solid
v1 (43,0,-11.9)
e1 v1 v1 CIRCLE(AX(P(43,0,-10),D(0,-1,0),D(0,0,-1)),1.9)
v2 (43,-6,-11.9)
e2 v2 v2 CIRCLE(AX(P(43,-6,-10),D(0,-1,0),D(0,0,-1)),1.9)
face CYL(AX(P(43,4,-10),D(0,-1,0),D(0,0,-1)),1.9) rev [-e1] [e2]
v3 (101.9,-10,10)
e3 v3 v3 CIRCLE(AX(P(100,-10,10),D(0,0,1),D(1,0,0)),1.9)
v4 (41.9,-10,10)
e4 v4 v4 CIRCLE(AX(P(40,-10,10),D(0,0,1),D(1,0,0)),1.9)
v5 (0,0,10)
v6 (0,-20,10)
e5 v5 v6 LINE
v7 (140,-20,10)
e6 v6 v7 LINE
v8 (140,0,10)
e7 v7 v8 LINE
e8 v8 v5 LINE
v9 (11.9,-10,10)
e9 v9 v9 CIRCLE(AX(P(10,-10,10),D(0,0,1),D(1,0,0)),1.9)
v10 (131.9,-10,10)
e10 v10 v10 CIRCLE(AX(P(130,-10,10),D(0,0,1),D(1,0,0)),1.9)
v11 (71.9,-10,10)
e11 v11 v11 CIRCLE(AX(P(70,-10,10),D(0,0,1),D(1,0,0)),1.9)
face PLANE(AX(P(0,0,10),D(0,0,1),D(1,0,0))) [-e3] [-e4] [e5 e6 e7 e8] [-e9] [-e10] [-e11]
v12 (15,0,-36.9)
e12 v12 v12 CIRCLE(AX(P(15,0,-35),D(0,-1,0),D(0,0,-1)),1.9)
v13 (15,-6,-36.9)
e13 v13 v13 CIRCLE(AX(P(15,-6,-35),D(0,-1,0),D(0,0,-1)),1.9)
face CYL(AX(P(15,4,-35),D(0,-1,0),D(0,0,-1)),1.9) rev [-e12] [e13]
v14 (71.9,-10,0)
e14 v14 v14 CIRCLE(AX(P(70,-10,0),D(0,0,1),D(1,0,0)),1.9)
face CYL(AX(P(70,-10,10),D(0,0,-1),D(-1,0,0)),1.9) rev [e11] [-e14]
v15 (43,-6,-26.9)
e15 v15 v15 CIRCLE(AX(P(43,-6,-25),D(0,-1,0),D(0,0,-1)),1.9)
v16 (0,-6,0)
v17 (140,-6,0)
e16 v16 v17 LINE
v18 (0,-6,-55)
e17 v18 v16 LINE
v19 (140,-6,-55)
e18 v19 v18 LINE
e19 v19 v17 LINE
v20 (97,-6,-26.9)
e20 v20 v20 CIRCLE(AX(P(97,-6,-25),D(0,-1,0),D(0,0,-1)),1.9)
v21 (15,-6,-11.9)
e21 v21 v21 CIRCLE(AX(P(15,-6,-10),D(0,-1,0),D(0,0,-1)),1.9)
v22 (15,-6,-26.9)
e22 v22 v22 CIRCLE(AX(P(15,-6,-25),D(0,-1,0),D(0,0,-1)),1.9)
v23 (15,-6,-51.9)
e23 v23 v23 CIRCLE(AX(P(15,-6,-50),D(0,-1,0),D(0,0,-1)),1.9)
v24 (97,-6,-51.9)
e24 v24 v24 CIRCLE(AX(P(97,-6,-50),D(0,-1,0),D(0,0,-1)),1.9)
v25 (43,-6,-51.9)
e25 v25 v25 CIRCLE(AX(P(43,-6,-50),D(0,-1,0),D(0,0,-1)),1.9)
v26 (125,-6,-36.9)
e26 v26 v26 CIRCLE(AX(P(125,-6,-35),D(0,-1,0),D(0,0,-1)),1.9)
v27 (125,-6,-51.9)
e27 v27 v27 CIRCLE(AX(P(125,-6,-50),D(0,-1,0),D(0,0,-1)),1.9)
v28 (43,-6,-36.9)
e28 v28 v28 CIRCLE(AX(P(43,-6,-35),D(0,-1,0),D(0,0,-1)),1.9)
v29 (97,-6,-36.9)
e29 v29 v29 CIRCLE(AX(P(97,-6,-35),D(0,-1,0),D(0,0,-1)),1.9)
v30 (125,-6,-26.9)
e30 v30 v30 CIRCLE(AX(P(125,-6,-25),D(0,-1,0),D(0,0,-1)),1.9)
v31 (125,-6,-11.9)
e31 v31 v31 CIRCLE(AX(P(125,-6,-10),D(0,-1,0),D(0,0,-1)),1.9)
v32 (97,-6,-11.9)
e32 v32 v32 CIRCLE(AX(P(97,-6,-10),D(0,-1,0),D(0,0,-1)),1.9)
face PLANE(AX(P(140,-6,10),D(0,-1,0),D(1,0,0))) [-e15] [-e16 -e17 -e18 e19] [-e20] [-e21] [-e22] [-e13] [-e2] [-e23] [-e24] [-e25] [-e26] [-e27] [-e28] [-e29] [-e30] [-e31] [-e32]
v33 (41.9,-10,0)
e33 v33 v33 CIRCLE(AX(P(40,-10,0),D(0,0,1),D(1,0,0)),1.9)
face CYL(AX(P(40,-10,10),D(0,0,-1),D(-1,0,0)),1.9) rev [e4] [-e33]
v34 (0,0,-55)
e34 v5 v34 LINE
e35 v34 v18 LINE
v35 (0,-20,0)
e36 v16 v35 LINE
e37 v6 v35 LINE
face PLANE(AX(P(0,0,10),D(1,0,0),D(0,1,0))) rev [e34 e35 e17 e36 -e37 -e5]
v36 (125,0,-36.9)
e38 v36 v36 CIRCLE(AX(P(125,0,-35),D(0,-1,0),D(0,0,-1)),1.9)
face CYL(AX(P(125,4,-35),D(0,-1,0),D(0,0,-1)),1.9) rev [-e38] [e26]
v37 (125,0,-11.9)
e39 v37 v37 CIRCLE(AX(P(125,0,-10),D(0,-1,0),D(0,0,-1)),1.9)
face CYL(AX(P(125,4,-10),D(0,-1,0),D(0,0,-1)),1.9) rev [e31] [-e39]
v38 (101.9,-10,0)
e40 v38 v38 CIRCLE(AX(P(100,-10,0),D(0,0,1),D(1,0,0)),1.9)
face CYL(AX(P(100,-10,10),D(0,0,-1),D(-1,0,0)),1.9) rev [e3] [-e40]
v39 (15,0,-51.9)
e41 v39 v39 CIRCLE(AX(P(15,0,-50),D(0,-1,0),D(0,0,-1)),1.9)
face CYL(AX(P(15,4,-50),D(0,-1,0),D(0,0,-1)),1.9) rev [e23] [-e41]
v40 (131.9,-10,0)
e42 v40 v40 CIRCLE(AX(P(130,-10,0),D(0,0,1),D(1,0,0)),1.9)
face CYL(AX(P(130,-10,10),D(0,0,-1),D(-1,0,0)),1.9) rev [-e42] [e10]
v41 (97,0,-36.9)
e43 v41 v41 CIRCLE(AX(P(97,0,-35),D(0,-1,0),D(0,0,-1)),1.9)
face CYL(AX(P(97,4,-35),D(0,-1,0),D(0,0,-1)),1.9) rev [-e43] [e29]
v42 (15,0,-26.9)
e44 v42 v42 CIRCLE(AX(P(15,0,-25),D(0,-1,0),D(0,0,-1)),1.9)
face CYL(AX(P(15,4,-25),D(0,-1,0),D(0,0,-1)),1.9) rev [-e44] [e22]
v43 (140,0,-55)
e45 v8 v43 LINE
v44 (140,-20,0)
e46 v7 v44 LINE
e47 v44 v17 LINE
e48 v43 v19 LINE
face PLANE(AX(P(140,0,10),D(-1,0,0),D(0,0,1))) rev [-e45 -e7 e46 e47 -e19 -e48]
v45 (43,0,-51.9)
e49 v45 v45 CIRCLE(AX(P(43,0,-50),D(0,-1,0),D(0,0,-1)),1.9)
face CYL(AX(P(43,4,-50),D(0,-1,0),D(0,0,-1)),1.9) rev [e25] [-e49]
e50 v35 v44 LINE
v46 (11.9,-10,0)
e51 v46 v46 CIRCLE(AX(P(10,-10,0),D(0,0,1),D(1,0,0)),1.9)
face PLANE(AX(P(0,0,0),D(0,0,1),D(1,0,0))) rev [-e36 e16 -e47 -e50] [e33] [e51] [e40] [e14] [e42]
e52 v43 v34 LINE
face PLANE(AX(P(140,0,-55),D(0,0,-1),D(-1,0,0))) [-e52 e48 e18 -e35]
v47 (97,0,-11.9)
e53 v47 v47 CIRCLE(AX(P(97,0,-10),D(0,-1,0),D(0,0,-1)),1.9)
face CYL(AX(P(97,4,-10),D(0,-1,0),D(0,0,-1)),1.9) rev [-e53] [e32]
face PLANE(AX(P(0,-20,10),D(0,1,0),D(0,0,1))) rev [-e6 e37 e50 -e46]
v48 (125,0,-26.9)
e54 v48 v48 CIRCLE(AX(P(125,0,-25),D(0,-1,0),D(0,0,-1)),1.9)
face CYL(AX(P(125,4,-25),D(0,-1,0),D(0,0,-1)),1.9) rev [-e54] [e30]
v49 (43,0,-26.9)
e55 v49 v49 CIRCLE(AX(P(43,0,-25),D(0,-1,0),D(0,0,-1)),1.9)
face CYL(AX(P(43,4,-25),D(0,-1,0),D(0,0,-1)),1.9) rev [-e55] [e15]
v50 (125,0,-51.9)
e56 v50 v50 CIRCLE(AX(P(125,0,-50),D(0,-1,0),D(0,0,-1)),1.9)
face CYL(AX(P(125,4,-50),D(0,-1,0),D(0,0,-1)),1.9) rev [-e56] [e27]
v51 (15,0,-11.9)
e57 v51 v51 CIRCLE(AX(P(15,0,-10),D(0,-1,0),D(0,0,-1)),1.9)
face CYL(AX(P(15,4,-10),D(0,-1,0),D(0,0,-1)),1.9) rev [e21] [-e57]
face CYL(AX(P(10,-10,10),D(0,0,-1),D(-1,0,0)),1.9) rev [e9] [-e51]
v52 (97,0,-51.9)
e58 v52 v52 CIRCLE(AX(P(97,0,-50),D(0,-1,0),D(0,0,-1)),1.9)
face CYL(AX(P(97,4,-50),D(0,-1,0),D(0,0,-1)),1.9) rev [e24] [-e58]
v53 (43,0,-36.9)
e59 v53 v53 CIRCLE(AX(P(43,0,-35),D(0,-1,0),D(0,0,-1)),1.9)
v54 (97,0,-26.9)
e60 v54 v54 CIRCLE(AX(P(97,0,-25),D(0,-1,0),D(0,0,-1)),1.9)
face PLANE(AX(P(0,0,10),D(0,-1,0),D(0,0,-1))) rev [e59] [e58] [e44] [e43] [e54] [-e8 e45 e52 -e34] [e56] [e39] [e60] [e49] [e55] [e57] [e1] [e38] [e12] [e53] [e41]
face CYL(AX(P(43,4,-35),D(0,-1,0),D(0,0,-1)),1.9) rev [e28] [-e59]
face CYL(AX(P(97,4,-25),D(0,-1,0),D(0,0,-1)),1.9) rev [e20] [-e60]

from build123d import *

# Parameters (mm, degrees)
SKETCH_1_W          = 140
SKETCH_1_H          = 20
SKETCH_1_R          = 1.9
EXTRUDE_1_DEPTH     = 10
SKETCH_2_W          = 65
SKETCH_2_H          = 6
EXTRUDE_2_DEPTH     = 140
SKETCH_3_R          = 1.9
CUT_EXTRUDE_1_DEPTH = 10


with BuildPart() as part:
    # 草图1 → 凸台-拉伸1 (new body)
    with BuildSketch(Plane.XY):
        with Locations((70, -10)):
            Rectangle(SKETCH_1_W, SKETCH_1_H)
        with Locations((10, -10)):
            Circle(SKETCH_1_R, mode=Mode.SUBTRACT)
        with Locations((40, -10)):
            Circle(SKETCH_1_R, mode=Mode.SUBTRACT)
        with Locations((70, -10)):
            Circle(SKETCH_1_R, mode=Mode.SUBTRACT)
        with Locations((100, -10)):
            Circle(SKETCH_1_R, mode=Mode.SUBTRACT)
        with Locations((130, -10)):
            Circle(SKETCH_1_R, mode=Mode.SUBTRACT)
    extrude(amount=EXTRUDE_1_DEPTH)

    # 草图2 → 凸台-拉伸2 (add, through all)
    with BuildSketch(Plane.ZY):
        with Locations((-22.5, -3)):
            Rectangle(SKETCH_2_W, SKETCH_2_H)
    extrude(amount=-EXTRUDE_2_DEPTH)

    # 草图3 → 切除-拉伸1 (cut)
    with BuildSketch(Plane.XZ.offset(6)):
        with BuildLine():
            ThreePointArc((44.9, -35), (43, -33.1), (41.1, -35))
            Line((41.1, -35), (43, -35))
            Line((43, -35), (43, -36.9))
            ThreePointArc((43, -36.9), (44.343502884, -36.343502884), (44.9, -35))
        make_face()
        with BuildLine():
            Line((43, -35), (41.1, -35))
            ThreePointArc((41.1, -35), (41.656497116, -36.343502884), (43, -36.9))
            Line((43, -36.9), (43, -35))
        make_face()
        with BuildLine():
            ThreePointArc((44.9, -50), (44.343502884, -48.656497116), (43, -48.1))
            Line((43, -48.1), (43, -50))
            Line((43, -50), (41.1, -50))
            ThreePointArc((41.1, -50), (43, -51.9), (44.9, -50))
        make_face()
        with BuildLine():
            Line((43, -50), (43, -48.1))
            ThreePointArc((43, -48.1), (41.656497116, -48.656497116), (41.1, -50))
            Line((41.1, -50), (43, -50))
        make_face()
        with BuildLine():
            ThreePointArc((16.9, -50), (16.343502884, -48.656497116), (15, -48.1))
            Line((15, -48.1), (15, -50))
            Line((15, -50), (16.9, -50))
        make_face()
        with BuildLine():
            Line((15, -50), (15, -48.1))
            ThreePointArc((15, -48.1), (13.656497116, -51.343502884), (16.9, -50))
            Line((16.9, -50), (15, -50))
        make_face()
        with BuildLine():
            Line((15, -36.9), (15, -35))
            Line((15, -35), (16.9, -35))
            ThreePointArc((16.9, -35), (13.656497116, -33.656497116), (15, -36.9))
        make_face()
        with BuildLine():
            Line((16.9, -35), (15, -35))
            Line((15, -35), (15, -36.9))
            ThreePointArc((15, -36.9), (16.343502884, -36.343502884), (16.9, -35))
        make_face()
        with Locations(Location((15, -10, 0), (0, 0, 270))):
            Circle(SKETCH_3_R)
        with Locations(Location((15, -25, 0), (0, 0, 270))):
            Circle(SKETCH_3_R)
        with Locations(Location((43, -25, 0), (0, 0, 270))):
            Circle(SKETCH_3_R)
        with Locations(Location((43, -10, 0), (0, 0, 270))):
            Circle(SKETCH_3_R)
        with Locations(Location((97, -10, 0), (0, 0, 270))):
            Circle(SKETCH_3_R)
        with Locations(Location((97, -35, 0), (0, 0, 270))):
            Circle(SKETCH_3_R)
        with Locations(Location((97, -50, 0), (0, 0, 270))):
            Circle(SKETCH_3_R)
        with Locations(Location((125, -50, 0), (0, 0, 270))):
            Circle(SKETCH_3_R)
        with Locations(Location((125, -35, 0), (0, 0, 270))):
            Circle(SKETCH_3_R)
        with Locations(Location((125, -25, 0), (0, 0, 270))):
            Circle(SKETCH_3_R)
        with Locations(Location((125, -10, 0), (0, 0, 270))):
            Circle(SKETCH_3_R)
        with Locations(Location((97, -25, 0), (0, 0, 270))):
            Circle(SKETCH_3_R)
    extrude(amount=-CUT_EXTRUDE_1_DEPTH, mode=Mode.SUBTRACT)


solid = part.part
